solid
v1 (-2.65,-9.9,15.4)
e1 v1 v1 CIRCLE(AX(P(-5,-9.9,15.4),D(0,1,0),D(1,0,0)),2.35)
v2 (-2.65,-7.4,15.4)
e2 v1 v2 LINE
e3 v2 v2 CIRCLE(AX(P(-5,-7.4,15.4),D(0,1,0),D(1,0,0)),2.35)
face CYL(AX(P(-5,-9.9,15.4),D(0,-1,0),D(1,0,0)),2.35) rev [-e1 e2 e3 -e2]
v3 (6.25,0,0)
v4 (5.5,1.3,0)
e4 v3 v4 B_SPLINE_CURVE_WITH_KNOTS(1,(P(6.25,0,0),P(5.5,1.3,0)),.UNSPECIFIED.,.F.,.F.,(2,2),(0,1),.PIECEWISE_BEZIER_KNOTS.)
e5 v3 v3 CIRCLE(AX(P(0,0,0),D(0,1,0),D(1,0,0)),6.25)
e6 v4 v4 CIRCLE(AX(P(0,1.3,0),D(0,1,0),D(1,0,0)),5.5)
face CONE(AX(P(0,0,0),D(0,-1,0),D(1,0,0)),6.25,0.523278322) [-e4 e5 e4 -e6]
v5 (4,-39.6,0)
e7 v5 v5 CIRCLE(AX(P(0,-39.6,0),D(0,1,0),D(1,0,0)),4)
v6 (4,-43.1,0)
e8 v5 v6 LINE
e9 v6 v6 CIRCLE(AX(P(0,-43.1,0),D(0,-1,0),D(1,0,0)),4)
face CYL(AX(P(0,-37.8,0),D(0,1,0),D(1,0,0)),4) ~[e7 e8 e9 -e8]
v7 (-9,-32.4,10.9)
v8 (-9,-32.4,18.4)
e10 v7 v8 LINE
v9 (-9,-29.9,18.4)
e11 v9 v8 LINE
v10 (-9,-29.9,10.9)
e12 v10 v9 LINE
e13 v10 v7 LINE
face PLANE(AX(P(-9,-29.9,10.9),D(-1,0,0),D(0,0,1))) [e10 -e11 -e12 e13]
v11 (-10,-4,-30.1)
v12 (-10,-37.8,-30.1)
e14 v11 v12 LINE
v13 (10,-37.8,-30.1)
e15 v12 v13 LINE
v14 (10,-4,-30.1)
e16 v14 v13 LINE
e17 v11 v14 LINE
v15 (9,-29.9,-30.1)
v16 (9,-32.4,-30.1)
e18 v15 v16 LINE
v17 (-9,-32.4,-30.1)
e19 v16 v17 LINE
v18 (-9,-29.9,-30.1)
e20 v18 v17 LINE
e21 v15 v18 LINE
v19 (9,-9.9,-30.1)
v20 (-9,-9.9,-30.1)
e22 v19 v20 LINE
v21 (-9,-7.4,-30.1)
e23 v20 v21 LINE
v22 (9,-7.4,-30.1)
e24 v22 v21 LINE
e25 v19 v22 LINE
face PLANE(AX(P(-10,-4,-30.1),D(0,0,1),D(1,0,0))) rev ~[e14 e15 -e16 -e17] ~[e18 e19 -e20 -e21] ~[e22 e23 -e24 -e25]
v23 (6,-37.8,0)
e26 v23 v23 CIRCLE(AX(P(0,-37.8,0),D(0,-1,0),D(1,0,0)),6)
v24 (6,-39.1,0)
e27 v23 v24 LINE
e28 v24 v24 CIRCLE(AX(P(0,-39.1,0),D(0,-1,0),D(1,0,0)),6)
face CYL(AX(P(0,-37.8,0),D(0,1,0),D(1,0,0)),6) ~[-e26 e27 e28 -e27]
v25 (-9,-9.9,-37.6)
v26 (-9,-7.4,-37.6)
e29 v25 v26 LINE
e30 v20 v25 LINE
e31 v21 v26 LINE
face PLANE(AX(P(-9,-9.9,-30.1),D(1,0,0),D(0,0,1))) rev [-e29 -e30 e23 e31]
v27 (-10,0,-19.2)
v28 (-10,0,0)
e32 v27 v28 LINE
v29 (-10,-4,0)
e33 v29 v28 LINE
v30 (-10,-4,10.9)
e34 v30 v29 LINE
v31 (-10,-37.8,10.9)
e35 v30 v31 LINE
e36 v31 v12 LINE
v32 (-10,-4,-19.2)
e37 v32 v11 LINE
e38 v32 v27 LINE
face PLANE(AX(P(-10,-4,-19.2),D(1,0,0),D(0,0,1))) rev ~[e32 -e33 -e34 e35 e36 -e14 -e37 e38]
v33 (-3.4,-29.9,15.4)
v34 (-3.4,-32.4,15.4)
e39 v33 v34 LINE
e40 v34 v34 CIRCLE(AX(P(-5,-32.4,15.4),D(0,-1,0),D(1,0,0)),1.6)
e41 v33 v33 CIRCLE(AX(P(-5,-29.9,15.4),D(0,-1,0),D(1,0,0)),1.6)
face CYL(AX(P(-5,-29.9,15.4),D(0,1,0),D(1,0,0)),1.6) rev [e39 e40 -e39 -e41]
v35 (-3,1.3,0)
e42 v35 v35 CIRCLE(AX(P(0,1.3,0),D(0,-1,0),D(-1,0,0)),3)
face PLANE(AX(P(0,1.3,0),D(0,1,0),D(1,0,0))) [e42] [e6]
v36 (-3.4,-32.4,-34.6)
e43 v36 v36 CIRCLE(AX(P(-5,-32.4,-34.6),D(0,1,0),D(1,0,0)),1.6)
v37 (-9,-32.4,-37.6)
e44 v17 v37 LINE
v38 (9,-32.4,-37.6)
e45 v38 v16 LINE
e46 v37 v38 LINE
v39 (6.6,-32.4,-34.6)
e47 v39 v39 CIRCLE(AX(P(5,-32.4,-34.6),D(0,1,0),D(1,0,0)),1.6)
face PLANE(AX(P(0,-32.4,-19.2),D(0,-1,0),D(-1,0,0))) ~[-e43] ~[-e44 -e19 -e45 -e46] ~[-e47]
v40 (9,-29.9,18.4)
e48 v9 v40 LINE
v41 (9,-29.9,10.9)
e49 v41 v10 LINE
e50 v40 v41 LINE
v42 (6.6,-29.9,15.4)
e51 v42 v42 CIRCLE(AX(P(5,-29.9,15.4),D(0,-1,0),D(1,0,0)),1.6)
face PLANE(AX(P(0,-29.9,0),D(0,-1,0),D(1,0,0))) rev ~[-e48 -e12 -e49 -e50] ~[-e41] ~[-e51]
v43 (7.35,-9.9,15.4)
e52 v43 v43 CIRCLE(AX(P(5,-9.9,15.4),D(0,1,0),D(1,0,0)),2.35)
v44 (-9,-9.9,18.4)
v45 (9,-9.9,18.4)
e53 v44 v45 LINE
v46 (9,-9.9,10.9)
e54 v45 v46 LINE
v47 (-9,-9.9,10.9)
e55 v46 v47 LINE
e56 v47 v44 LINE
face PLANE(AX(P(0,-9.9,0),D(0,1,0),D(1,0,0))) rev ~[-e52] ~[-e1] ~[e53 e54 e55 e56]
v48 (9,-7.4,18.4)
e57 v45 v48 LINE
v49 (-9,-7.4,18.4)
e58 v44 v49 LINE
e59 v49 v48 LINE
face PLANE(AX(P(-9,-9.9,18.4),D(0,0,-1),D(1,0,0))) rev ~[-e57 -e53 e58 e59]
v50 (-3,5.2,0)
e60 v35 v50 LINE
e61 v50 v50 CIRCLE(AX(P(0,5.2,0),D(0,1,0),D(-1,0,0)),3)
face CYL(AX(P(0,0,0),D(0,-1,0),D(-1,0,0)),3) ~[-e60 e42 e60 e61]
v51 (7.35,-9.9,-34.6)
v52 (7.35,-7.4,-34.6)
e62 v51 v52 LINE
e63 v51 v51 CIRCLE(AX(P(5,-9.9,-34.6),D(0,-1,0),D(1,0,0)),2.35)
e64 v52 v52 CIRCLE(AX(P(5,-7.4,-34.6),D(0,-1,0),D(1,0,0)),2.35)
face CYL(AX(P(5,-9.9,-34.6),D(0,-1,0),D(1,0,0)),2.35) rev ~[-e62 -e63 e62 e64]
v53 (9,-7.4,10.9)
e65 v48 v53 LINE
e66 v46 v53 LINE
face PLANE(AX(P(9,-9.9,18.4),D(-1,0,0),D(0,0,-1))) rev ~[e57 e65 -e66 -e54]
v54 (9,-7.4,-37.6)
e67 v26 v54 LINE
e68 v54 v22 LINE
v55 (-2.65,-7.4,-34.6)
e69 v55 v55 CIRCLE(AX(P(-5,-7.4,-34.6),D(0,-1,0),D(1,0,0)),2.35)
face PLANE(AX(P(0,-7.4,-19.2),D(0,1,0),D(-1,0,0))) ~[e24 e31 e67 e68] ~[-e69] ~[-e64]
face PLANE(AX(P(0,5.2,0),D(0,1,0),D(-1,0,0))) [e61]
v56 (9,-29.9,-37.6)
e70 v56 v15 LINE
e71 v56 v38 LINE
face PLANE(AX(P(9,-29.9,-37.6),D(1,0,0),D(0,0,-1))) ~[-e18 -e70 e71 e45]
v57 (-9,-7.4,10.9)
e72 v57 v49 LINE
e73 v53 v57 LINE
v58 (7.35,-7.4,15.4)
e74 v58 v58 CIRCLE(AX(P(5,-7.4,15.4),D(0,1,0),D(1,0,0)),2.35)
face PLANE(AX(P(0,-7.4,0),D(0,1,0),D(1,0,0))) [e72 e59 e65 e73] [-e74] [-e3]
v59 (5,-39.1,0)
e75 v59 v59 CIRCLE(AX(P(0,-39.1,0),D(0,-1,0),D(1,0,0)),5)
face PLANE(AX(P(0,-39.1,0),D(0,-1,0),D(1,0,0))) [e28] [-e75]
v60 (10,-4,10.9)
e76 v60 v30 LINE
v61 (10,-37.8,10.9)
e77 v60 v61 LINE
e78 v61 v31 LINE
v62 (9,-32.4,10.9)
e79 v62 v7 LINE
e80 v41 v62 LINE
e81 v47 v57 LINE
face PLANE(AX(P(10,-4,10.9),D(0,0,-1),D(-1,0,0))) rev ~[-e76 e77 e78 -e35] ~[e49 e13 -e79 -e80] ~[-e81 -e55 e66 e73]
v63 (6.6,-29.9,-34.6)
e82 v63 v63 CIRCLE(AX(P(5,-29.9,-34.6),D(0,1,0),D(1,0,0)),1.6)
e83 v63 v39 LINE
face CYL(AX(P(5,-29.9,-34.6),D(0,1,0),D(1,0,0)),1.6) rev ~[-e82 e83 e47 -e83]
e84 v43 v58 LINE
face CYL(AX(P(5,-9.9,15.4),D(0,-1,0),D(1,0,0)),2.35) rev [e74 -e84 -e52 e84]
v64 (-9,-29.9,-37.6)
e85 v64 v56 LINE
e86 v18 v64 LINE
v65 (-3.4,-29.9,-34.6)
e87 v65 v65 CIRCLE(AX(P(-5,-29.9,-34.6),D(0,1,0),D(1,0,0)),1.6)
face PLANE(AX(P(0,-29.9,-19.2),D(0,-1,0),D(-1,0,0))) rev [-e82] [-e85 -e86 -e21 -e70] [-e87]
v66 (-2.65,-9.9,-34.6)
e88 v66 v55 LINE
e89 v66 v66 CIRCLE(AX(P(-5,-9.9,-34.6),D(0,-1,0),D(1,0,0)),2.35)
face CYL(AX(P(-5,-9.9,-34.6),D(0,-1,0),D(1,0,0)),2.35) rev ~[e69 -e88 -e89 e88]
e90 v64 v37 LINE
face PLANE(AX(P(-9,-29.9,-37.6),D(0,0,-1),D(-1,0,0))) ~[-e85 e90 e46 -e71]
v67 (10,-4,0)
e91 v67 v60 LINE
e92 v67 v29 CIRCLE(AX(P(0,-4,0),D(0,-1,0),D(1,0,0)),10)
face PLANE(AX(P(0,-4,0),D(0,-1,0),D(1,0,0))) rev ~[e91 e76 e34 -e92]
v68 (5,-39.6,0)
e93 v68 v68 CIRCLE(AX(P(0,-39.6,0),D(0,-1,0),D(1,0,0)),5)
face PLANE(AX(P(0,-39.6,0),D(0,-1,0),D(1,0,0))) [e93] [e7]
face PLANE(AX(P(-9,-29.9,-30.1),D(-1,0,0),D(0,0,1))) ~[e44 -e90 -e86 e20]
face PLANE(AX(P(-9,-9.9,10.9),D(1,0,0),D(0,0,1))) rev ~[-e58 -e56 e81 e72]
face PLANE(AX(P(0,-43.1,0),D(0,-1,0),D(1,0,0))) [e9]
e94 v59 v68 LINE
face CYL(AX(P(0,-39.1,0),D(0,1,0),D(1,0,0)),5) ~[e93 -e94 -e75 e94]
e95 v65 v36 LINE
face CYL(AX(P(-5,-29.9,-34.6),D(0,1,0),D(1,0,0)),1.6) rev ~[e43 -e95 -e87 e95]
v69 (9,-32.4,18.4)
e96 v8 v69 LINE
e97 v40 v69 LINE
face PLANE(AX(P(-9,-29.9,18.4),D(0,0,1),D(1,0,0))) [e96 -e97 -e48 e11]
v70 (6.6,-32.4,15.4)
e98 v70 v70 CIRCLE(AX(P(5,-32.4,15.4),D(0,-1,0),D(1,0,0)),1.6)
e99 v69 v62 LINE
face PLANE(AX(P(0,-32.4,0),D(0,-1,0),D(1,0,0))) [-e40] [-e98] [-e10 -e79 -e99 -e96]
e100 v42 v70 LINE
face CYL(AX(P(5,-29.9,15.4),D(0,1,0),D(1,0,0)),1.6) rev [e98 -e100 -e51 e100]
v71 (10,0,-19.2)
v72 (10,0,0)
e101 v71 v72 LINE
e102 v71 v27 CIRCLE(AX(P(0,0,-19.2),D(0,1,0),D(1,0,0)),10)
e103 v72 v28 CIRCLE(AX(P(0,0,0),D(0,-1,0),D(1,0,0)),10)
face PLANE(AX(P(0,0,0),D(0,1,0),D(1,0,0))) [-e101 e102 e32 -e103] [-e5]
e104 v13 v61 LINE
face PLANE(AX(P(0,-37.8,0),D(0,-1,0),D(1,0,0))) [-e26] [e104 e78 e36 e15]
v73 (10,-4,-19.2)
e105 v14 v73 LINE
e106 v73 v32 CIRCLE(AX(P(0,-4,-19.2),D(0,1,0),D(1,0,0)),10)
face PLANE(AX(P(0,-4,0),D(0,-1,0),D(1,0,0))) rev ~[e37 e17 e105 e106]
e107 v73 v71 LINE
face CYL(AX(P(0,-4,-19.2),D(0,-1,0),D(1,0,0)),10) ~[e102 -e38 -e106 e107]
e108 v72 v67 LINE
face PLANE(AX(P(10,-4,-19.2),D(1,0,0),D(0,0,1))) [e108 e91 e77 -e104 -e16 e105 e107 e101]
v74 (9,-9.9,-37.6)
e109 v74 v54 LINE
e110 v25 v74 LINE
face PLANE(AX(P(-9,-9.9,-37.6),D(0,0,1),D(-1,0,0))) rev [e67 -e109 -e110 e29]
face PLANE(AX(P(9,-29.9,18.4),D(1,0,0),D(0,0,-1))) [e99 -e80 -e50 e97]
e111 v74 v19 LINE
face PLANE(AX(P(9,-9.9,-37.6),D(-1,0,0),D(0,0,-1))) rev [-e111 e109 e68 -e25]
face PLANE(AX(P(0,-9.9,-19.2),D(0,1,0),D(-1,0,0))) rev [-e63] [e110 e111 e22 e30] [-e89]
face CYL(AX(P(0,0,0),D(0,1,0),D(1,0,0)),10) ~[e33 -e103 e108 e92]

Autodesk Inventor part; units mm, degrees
sketch "スケッチ1" plane through (0, 0, 0) normal (0, 1, 0) x (-1, 0, 0)
  circle A0 centre (0, 0) radius 3
  dimension "d0" = 6
extrude "押し出し1" add sketch "スケッチ1" along normal blind 5.2
sketch "スケッチ2" plane through (0, 0, 0) normal (0, -1, 0) x (1, 0, 0)
  circle A0 centre (0, 0) radius 10
  dimension "d3" = 20
extrude "押し出し2" add sketch "スケッチ2" along normal blind 4
sketch "スケッチ3" plane through (0, -4, 0) normal (0, -1, 0) x (1, 0, 0)
  line L0 (0, 0) -> (0, -9.6) construction
  line L1 (10, 10.9) -> (-10, 10.9)
  line L2 (-10, 10.9) -> (-10, -30.1)
  line L3 (-10, -30.1) -> (10, -30.1)
  line L4 (10, -30.1) -> (10, 10.9)
  line L5 (10, 10.9) -> (-10, -30.1) construction
  line L6 (-10, 10.9) -> (10, -30.1) construction
  dimension "d6" = 9.6
  dimension "d7" = 20
  dimension "d8" = 41
extrude "押し出し3" add sketch "スケッチ3" along normal blind 33.8
sketch "スケッチ4" plane through (0, -4, 0) normal (0, 1, 0) x (1, 0, 0)
  circle A0 centre (0, 0) radius 3 construction
  line L0 (0, 0) -> (0, 19.2) construction
  arc A1 (10, 19.2) -> (-10, 19.2) centre (0, 19.2) ccw
  line L1 (-10, 19.2) -> (-10, 0)
  circle A2 centre (0, 0) radius 10 construction
  line L2 (10, 19.2) -> (10, 0)
  line L3 (10, 30.1) -> (10, -10.9) projected
  arc A3 (10, 0) -> (-10, 0) centre (0, 0) ccw
  dimension "d11" = 19.2
  dimension "d12" = 10
extrude "押し出し4" add sketch "スケッチ4" along normal blind 4
ref_plane "作業平面1" through (0, 1.3, 0) normal (0, 1, 0) x (1, 0, 0)
sketch "スケッチ5" plane through (0, 0, 0) normal (0, 1, 0) x (1, 0, 0)
  circle A0 centre (0, 0) radius 6.25
  dimension "d16" = 12.5
sketch "スケッチ6" plane through (0, 1.3, 0) normal (0, 1, 0) x (1, 0, 0)
  circle A0 centre (0, 0) radius 5.5
  dimension "d17" = 11
loft "ロフト1" add profiles "スケッチ5", "スケッチ6"
ref_plane "作業平面2" through (0, -9.9, 0) normal (0, 1, 0) x (1, 0, 0)
ref_plane "作業平面3" through (0, -29.9, 0) normal (0, -1, 0) x (1, 0, 0)
sketch "スケッチ7" plane through (0, -9.9, 0) normal (0, 1, 0) x (1, 0, 0)
  line L0 (10, -10.9) -> (-10, -10.9) projected
  line L1 (9, -10.9) -> (-9, -10.9)
  line L2 (-9, -10.9) -> (-9, -18.4)
  line L3 (-9, -18.4) -> (9, -18.4)
  line L4 (9, -18.4) -> (9, -10.9)
  line L5 (10, 30.1) -> (10, -10.9) projected
  line L6 (9, -15.4) -> (-9, -15.4) construction
  circle A0 centre (5, -15.4) radius 2.35
  circle A1 centre (-5, -15.4) radius 2.35
  point P0 (0, 0)
  dimension "d24" = 18
  dimension "d25" = 7.5
  dimension "d26" = 1
  dimension "d27" = 3
  dimension "d28" = 4.7
  dimension "d29" = 4
  dimension "d30" = 4.7
  dimension "d31" = 4
extrude "押し出し5" add sketch "スケッチ7" along normal blind 2.5
ref_plane "作業平面4" through (10, -4, -9.6) normal (0, 0, -1) x (-1, 0, 0)
mirror "ミラー1" about plane through (10, -4, -9.6) normal (0, 0, -1) of "押し出し5"
sketch "スケッチ8" plane through (0, -29.9, 0) normal (0, -1, 0) x (1, 0, 0)
  line L0 (10, 10.9) -> (-10, 10.9) projected
  line L1 (9, 10.9) -> (-9, 10.9)
  line L2 (-9, 10.9) -> (-9, 18.4)
  line L3 (-9, 18.4) -> (9, 18.4)
  line L4 (9, 18.4) -> (9, 10.9)
  line L5 (10, -30.1) -> (10, 10.9) projected
  line L6 (9, 18.4) -> (9, 10.9) projected
  line L7 (9, 15.4) -> (-9, 15.4) construction
  line L8 (-9, 10.9) -> (-9, 18.4) projected
  circle A0 centre (5, 15.4) radius 1.6
  circle A1 centre (-5, 15.4) radius 1.6
  point P0 (0, 0)
  dimension "d35" = 18
  dimension "d36" = 7.5
  dimension "d37" = 1
  dimension "d38" = 3
  dimension "d39" = 3.2
  dimension "d40" = 4
  dimension "d41" = 3.2
  dimension "d42" = 4
extrude "押し出し6" add sketch "スケッチ8" along normal blind 2.5
mirror "ミラー2" about plane through (10, -4, -9.6) normal (0, 0, -1) of "押し出し6"
sketch "スケッチ9" plane through (0, -37.8, 0) normal (0, -1, 0) x (1, 0, 0)
  circle A0 centre (0, 0) radius 4
  dimension "d45" = 8
extrude "押し出し7" add sketch "スケッチ9" along normal blind 5.3
sketch "スケッチ10" plane through (0, -37.8, 0) normal (0, -1, 0) x (1, 0, 0)
  circle A0 centre (0, 0) radius 6
  dimension "d48" = 12
extrude "押し出し8" add sketch "スケッチ10" along normal blind 1.3
sketch "スケッチ11" plane through (0, -39.1, 0) normal (0, -1, 0) x (1, 0, 0)
  circle A0 centre (0, 0) radius 5
  dimension "d51" = 10
extrude "押し出し9" add sketch "スケッチ11" along normal blind 0.5
properties part number "krs2350_hv_sa"
